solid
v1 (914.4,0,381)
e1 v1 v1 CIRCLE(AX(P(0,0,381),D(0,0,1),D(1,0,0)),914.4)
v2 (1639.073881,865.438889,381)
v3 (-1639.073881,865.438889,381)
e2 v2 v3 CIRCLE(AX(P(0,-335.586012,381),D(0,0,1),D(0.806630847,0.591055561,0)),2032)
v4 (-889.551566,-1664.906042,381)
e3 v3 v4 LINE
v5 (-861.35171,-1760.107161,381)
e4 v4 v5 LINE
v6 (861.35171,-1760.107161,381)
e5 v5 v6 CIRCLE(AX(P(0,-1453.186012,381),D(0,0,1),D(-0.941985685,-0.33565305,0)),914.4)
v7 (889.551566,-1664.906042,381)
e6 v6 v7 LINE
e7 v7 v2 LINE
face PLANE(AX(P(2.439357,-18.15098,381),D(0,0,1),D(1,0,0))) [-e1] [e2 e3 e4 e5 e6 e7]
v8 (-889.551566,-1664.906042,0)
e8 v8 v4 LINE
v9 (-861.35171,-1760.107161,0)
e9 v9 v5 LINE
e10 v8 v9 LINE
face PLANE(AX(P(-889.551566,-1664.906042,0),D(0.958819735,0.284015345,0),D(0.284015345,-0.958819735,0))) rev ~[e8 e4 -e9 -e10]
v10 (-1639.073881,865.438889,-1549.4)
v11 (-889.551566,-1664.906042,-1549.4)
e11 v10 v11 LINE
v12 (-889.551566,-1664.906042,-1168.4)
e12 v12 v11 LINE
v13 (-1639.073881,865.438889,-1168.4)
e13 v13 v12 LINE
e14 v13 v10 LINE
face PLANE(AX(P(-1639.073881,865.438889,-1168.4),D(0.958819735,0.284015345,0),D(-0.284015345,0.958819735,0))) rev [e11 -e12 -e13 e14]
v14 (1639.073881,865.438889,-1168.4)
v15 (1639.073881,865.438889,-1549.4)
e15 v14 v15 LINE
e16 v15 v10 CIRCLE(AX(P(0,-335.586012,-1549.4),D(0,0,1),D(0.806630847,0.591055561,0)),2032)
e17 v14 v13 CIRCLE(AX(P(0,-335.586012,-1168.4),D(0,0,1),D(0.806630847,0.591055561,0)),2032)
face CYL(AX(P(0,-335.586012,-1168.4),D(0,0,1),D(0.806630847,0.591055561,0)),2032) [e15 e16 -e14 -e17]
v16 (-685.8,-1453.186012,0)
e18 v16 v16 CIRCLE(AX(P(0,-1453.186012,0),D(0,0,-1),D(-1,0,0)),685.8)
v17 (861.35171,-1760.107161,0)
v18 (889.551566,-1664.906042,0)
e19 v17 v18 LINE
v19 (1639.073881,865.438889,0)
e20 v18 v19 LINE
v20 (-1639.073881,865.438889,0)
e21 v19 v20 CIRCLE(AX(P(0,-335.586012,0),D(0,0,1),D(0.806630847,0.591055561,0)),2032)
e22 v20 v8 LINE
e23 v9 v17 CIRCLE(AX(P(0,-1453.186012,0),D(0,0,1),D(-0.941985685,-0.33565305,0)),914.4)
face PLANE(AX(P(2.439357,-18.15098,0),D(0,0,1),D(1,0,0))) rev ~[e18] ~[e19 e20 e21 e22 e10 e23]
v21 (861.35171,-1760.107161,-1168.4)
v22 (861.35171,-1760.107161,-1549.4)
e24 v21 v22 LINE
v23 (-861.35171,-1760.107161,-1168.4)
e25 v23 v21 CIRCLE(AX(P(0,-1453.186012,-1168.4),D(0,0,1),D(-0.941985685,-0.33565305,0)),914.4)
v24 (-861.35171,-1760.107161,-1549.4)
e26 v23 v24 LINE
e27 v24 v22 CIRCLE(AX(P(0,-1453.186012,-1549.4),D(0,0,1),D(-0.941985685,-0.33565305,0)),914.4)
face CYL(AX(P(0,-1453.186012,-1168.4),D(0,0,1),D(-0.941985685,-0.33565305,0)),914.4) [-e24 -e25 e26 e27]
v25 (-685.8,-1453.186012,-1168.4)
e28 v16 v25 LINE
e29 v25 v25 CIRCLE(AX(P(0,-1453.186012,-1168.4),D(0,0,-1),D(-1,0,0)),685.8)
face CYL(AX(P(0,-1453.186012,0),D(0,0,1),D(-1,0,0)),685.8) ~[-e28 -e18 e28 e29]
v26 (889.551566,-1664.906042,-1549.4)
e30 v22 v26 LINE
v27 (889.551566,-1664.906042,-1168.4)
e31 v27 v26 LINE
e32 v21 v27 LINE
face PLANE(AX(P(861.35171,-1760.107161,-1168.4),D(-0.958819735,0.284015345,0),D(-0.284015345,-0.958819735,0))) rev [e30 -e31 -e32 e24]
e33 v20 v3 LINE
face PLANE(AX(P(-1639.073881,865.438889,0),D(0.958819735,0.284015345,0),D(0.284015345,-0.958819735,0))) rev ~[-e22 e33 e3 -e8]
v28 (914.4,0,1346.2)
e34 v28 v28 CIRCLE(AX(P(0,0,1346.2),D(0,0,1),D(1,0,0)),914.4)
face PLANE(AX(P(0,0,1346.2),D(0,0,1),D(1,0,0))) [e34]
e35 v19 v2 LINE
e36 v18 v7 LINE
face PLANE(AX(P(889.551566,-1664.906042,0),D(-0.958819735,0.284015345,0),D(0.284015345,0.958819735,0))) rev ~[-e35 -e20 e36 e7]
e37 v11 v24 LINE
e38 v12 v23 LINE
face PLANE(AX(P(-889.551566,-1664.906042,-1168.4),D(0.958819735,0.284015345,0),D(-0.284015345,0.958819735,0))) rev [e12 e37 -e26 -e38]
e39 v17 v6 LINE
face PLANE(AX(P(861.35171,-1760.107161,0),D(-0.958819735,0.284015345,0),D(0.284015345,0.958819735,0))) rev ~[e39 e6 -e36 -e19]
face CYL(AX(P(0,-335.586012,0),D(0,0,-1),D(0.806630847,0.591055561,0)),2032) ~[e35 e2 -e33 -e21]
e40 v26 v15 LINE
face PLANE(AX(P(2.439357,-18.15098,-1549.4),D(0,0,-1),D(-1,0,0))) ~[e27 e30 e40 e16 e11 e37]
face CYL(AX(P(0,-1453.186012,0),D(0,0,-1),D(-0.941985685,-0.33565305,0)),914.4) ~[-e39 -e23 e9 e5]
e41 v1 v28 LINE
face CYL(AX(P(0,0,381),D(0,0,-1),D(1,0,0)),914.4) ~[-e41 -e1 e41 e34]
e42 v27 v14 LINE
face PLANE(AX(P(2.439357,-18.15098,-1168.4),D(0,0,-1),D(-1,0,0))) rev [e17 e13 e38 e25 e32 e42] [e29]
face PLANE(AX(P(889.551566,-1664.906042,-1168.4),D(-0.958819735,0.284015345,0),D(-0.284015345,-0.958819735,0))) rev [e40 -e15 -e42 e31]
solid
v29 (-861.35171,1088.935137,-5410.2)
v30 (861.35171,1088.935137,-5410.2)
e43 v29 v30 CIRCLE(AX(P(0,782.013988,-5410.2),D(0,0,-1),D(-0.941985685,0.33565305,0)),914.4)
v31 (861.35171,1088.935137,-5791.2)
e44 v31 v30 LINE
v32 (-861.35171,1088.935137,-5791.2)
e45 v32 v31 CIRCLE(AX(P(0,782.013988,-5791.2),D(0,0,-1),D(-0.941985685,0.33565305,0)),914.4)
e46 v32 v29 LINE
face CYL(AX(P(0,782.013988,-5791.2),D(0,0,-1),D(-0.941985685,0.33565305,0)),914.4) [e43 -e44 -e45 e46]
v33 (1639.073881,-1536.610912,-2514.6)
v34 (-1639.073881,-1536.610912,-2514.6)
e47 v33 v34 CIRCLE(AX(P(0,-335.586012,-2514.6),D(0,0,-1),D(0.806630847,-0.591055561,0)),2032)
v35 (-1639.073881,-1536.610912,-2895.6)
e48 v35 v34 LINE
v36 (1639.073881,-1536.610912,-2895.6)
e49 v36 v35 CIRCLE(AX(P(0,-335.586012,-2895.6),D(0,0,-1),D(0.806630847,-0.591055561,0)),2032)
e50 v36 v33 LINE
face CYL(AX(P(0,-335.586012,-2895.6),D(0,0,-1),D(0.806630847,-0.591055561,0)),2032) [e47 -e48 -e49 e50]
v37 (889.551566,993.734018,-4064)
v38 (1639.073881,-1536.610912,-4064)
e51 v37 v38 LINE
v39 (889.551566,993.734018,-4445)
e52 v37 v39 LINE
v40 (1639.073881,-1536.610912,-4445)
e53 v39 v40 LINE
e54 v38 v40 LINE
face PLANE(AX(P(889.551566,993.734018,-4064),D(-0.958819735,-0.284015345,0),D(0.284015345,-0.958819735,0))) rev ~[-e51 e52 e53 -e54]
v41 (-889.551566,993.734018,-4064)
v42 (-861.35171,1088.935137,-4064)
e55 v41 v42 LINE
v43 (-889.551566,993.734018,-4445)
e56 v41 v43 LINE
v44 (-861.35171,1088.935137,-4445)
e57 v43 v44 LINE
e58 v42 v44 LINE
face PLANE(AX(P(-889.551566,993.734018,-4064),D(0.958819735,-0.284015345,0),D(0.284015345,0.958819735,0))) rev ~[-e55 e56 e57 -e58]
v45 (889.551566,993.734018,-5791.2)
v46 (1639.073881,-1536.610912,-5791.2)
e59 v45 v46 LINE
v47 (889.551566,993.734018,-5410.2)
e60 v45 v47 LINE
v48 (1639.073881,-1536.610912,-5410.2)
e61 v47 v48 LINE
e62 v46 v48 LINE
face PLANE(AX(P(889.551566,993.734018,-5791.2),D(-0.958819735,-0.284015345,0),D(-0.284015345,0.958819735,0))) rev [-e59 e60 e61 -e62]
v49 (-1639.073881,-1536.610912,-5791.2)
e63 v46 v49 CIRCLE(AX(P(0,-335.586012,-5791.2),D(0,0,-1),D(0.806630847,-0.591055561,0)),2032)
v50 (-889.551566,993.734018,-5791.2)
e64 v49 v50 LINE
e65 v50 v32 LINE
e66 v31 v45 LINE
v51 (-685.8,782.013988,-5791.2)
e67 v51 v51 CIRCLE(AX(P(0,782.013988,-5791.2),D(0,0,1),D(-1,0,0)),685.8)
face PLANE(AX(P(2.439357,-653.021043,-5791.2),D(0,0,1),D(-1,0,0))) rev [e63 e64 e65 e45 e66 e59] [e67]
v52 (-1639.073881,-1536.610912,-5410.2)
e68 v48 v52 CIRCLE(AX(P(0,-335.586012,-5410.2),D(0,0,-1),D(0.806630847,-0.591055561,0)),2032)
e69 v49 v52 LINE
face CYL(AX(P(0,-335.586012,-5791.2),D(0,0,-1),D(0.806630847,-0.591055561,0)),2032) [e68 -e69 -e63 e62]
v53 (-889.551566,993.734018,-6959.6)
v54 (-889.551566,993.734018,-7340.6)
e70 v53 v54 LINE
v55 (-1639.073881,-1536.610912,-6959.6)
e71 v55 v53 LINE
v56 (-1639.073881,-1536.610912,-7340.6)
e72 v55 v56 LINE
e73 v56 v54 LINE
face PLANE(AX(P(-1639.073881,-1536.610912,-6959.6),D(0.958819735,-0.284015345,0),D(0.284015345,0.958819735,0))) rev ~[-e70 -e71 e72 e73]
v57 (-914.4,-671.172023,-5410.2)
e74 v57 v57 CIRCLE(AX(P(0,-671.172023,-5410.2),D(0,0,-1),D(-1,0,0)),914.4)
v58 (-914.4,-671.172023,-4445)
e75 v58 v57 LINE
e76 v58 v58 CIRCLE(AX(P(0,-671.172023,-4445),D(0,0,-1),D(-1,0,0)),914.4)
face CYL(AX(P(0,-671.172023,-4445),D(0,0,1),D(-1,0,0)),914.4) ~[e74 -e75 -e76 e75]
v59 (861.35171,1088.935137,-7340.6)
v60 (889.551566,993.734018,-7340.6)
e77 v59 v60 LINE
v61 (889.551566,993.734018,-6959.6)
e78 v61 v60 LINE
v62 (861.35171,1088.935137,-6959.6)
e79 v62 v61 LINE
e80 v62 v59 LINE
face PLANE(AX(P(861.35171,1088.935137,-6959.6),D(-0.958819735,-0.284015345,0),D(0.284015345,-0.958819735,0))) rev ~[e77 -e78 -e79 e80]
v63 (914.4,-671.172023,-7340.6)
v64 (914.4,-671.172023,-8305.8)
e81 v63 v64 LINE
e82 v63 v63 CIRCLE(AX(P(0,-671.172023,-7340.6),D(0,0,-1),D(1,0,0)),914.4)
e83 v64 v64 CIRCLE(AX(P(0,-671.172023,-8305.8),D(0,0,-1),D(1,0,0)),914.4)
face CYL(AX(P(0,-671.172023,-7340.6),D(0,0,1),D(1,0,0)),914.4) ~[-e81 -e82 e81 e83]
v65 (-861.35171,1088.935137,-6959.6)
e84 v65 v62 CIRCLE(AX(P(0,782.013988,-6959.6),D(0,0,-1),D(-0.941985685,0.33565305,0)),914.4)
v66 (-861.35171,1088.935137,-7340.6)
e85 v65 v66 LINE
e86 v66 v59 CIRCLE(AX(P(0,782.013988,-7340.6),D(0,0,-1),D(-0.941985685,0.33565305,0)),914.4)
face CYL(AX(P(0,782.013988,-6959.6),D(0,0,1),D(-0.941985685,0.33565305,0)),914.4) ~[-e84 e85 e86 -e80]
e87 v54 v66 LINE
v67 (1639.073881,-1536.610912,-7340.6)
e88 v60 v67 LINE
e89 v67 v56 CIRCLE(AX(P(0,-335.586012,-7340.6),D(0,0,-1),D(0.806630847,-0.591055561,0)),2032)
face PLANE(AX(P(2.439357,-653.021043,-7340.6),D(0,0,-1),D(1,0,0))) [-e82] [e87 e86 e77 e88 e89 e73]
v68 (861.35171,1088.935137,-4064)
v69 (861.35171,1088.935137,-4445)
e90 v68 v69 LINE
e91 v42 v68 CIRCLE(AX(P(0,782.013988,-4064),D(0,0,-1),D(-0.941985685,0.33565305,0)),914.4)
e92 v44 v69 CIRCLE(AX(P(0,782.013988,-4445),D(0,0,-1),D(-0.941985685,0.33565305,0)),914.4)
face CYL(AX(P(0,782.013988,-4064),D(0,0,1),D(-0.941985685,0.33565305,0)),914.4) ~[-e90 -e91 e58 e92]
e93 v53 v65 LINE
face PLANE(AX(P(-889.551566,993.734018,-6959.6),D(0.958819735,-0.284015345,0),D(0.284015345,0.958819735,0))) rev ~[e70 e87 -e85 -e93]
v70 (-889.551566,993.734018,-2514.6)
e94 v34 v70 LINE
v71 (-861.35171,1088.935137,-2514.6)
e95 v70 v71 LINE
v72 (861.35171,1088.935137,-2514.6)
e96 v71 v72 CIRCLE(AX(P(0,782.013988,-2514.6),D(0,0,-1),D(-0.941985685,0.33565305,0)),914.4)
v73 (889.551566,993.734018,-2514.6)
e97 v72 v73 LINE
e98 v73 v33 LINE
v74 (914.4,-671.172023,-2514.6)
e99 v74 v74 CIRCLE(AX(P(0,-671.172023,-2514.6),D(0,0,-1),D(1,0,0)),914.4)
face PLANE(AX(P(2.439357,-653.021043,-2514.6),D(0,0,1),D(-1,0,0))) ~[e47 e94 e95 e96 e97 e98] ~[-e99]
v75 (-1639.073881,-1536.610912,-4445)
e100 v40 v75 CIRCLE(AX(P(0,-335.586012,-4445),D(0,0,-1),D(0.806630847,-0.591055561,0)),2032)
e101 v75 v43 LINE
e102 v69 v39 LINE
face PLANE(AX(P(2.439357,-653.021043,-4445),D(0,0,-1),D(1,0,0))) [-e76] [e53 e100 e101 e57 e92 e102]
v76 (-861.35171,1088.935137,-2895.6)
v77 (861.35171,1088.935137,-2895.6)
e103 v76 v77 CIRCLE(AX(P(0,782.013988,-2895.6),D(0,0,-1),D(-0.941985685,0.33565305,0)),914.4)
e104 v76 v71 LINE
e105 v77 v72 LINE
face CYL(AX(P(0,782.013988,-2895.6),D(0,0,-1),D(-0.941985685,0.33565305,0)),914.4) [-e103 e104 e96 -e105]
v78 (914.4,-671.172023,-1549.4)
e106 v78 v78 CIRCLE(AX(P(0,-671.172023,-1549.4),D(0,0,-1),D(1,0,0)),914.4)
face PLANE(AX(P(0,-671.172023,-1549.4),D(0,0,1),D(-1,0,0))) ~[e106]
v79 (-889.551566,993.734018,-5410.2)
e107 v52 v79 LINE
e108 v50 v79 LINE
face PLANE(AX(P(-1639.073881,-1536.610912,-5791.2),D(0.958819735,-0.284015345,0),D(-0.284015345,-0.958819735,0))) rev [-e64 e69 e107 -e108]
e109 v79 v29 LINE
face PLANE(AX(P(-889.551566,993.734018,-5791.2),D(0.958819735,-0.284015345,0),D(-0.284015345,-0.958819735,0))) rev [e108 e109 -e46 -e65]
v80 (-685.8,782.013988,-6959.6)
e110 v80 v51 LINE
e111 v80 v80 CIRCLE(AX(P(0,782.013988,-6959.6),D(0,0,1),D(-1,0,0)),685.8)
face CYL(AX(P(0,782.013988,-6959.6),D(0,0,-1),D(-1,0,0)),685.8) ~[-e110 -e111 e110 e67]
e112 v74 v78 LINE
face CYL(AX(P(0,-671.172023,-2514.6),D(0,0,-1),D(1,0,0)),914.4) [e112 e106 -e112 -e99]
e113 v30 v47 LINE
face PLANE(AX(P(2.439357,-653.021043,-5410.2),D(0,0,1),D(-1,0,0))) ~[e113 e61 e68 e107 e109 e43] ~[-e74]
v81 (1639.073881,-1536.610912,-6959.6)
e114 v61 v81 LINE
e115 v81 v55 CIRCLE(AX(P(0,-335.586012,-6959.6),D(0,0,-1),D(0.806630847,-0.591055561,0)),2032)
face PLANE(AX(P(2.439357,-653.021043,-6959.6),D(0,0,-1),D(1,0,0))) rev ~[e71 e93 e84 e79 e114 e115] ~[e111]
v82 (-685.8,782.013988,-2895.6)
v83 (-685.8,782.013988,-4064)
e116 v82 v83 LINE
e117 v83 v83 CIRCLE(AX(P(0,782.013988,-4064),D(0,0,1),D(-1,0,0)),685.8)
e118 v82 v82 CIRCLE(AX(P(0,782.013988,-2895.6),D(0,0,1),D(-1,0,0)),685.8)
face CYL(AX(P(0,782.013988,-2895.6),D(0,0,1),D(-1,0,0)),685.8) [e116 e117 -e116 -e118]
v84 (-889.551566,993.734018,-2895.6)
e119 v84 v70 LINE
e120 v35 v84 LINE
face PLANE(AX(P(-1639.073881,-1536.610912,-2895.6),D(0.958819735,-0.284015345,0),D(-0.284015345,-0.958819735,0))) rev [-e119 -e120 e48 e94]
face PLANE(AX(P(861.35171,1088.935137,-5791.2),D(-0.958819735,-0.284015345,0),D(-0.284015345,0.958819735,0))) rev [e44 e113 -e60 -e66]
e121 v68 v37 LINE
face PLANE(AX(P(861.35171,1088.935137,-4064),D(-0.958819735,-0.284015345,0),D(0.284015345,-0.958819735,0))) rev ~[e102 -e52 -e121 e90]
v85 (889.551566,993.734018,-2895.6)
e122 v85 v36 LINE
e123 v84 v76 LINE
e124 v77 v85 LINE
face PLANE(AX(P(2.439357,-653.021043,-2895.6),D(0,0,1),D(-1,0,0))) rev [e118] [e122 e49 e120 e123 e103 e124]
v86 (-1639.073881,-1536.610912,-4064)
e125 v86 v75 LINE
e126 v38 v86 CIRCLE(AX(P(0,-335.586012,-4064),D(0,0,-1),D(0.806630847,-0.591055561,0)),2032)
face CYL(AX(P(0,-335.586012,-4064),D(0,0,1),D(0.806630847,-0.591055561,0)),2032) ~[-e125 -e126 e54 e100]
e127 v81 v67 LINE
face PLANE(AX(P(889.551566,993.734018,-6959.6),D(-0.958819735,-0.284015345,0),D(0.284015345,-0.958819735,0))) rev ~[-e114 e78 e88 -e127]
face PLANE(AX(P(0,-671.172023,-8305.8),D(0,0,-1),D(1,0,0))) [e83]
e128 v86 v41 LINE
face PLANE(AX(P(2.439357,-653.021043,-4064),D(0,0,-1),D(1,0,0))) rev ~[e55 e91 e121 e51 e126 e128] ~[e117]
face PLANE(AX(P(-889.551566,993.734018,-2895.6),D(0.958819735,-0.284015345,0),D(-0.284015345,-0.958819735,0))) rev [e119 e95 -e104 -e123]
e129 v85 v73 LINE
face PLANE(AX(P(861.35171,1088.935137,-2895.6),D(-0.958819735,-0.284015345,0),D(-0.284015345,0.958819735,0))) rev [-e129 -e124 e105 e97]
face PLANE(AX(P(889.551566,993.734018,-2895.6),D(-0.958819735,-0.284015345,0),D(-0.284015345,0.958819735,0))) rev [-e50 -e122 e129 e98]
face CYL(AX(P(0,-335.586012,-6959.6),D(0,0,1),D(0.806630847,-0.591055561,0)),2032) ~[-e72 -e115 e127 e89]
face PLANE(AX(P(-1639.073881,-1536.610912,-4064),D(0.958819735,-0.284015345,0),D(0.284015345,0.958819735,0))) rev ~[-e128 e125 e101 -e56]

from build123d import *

# Parameters (mm, degrees)
BOSS_EXTRUDE1_DEPTH   = 381
SKETCH3_R             = 685.8
BOSS_EXTRUDE2_DEPTH   = 1168.4
SKETCH4_R             = 914.4
BOSS_EXTRUDE5_DEPTH   = 965.2
BODY_MOVE_COPY6_ANGLE = 180
SKETCH7_R             = 914.4
BOSS_EXTRUDE7_DEPTH   = 965.2


with BuildPart() as part:
    # Sketch2 → Boss-Extrude1 (new body)
    with BuildSketch(Plane.XY):
        with BuildLine():
            ThreePointArc((1639.073881445, 865.438888575), (0, 1696.413988265), (-1639.073881445, 865.438888575))
            Line((-1639.073881445, 865.438888575), (-889.551566195, -1664.906041679))
            ThreePointArc((-889.551566195, -1664.906041679), (-106.586602983, -545.019366199), (914.4, -1453.186011735))
            ThreePointArc((914.4, -1453.186011735), (908.166645536, -1559.772614718), (889.551566195, -1664.906041679))
            Line((889.551566195, -1664.906041679), (1639.073881445, 865.438888575))
        make_face()
        with BuildLine():
            ThreePointArc((914.4, -1453.186011735), (-106.586602983, -545.019366199), (-889.551566195, -1664.906041679))
            Line((-889.551566195, -1664.906041679), (-861.35171004, -1760.107160586))
            ThreePointArc((-861.35171004, -1760.107160586), (0, -2367.586011735), (861.35171004, -1760.107160586))
            Line((861.35171004, -1760.107160586), (889.551566195, -1664.906041679))
            ThreePointArc((889.551566195, -1664.906041679), (908.166645536, -1559.772614718), (914.4, -1453.186011735))
        make_face()
    extrude(amount=BOSS_EXTRUDE1_DEPTH)

    # Sketch3 → Boss-Extrude2 (add)
    with BuildSketch(Plane(origin=(0, 0, 0), x_dir=(-1, 0, 0), z_dir=(0, 0, -1))):
        with Locations((0, -1453.186011735)):
            Circle(SKETCH3_R)
    extrude(amount=BOSS_EXTRUDE2_DEPTH)

    # Mirror9: part across plane


with BuildPart() as part_1:
    add(part.part)
    add(part.part.mirror(Plane(origin=(0, 0, -584.2), x_dir=(1, 0, 0), z_dir=(0, 0, -1))))

    # Sketch4 → Boss-Extrude5 (add)
    with BuildSketch(Plane.XY.offset(381)):
        Circle(SKETCH4_R)
    extrude(amount=BOSS_EXTRUDE5_DEPTH)


with BuildPart() as body_2:
    # Mirror14: mirrored copy
    add(part_1.part.mirror(Plane(origin=(0, 0, -2032), x_dir=(1, 0, 0), z_dir=(0, 0, -1))))


with BuildPart() as body_2_1:
    # Body-Move/Copy6: moved
    add(body_2.part.rotate(Axis((0, -335.586011735, -3962.4), (1, 0, 0)), BODY_MOVE_COPY6_ANGLE))


with BuildPart() as body_2_2:
    # Body-Move/Copy7: moved
    add(body_2_1.part.moved(Location((0, 0, 965.2))))


with BuildPart() as body_3:
    # Mirror16: mirrored copy
    add(body_2_2.part.mirror(Plane(origin=(0, 0, -4927.6), x_dir=(1, 0, 0), z_dir=(0, 0, -1))))


with BuildPart() as body_2_3:
    add(body_2_2.part)

    add(body_3.part)  # Boss-Extrude7 merges body 3
    # Sketch7 → Boss-Extrude7 (add)
    with BuildSketch(Plane(origin=(0, 0, -4445), x_dir=(-1, 0, 0), z_dir=(0, 0, -1))):
        with Locations((0, -671.17202347)):
            Circle(SKETCH7_R)
    extrude(amount=BOSS_EXTRUDE7_DEPTH)


solid = Compound([part_1.part, body_2_3.part])
